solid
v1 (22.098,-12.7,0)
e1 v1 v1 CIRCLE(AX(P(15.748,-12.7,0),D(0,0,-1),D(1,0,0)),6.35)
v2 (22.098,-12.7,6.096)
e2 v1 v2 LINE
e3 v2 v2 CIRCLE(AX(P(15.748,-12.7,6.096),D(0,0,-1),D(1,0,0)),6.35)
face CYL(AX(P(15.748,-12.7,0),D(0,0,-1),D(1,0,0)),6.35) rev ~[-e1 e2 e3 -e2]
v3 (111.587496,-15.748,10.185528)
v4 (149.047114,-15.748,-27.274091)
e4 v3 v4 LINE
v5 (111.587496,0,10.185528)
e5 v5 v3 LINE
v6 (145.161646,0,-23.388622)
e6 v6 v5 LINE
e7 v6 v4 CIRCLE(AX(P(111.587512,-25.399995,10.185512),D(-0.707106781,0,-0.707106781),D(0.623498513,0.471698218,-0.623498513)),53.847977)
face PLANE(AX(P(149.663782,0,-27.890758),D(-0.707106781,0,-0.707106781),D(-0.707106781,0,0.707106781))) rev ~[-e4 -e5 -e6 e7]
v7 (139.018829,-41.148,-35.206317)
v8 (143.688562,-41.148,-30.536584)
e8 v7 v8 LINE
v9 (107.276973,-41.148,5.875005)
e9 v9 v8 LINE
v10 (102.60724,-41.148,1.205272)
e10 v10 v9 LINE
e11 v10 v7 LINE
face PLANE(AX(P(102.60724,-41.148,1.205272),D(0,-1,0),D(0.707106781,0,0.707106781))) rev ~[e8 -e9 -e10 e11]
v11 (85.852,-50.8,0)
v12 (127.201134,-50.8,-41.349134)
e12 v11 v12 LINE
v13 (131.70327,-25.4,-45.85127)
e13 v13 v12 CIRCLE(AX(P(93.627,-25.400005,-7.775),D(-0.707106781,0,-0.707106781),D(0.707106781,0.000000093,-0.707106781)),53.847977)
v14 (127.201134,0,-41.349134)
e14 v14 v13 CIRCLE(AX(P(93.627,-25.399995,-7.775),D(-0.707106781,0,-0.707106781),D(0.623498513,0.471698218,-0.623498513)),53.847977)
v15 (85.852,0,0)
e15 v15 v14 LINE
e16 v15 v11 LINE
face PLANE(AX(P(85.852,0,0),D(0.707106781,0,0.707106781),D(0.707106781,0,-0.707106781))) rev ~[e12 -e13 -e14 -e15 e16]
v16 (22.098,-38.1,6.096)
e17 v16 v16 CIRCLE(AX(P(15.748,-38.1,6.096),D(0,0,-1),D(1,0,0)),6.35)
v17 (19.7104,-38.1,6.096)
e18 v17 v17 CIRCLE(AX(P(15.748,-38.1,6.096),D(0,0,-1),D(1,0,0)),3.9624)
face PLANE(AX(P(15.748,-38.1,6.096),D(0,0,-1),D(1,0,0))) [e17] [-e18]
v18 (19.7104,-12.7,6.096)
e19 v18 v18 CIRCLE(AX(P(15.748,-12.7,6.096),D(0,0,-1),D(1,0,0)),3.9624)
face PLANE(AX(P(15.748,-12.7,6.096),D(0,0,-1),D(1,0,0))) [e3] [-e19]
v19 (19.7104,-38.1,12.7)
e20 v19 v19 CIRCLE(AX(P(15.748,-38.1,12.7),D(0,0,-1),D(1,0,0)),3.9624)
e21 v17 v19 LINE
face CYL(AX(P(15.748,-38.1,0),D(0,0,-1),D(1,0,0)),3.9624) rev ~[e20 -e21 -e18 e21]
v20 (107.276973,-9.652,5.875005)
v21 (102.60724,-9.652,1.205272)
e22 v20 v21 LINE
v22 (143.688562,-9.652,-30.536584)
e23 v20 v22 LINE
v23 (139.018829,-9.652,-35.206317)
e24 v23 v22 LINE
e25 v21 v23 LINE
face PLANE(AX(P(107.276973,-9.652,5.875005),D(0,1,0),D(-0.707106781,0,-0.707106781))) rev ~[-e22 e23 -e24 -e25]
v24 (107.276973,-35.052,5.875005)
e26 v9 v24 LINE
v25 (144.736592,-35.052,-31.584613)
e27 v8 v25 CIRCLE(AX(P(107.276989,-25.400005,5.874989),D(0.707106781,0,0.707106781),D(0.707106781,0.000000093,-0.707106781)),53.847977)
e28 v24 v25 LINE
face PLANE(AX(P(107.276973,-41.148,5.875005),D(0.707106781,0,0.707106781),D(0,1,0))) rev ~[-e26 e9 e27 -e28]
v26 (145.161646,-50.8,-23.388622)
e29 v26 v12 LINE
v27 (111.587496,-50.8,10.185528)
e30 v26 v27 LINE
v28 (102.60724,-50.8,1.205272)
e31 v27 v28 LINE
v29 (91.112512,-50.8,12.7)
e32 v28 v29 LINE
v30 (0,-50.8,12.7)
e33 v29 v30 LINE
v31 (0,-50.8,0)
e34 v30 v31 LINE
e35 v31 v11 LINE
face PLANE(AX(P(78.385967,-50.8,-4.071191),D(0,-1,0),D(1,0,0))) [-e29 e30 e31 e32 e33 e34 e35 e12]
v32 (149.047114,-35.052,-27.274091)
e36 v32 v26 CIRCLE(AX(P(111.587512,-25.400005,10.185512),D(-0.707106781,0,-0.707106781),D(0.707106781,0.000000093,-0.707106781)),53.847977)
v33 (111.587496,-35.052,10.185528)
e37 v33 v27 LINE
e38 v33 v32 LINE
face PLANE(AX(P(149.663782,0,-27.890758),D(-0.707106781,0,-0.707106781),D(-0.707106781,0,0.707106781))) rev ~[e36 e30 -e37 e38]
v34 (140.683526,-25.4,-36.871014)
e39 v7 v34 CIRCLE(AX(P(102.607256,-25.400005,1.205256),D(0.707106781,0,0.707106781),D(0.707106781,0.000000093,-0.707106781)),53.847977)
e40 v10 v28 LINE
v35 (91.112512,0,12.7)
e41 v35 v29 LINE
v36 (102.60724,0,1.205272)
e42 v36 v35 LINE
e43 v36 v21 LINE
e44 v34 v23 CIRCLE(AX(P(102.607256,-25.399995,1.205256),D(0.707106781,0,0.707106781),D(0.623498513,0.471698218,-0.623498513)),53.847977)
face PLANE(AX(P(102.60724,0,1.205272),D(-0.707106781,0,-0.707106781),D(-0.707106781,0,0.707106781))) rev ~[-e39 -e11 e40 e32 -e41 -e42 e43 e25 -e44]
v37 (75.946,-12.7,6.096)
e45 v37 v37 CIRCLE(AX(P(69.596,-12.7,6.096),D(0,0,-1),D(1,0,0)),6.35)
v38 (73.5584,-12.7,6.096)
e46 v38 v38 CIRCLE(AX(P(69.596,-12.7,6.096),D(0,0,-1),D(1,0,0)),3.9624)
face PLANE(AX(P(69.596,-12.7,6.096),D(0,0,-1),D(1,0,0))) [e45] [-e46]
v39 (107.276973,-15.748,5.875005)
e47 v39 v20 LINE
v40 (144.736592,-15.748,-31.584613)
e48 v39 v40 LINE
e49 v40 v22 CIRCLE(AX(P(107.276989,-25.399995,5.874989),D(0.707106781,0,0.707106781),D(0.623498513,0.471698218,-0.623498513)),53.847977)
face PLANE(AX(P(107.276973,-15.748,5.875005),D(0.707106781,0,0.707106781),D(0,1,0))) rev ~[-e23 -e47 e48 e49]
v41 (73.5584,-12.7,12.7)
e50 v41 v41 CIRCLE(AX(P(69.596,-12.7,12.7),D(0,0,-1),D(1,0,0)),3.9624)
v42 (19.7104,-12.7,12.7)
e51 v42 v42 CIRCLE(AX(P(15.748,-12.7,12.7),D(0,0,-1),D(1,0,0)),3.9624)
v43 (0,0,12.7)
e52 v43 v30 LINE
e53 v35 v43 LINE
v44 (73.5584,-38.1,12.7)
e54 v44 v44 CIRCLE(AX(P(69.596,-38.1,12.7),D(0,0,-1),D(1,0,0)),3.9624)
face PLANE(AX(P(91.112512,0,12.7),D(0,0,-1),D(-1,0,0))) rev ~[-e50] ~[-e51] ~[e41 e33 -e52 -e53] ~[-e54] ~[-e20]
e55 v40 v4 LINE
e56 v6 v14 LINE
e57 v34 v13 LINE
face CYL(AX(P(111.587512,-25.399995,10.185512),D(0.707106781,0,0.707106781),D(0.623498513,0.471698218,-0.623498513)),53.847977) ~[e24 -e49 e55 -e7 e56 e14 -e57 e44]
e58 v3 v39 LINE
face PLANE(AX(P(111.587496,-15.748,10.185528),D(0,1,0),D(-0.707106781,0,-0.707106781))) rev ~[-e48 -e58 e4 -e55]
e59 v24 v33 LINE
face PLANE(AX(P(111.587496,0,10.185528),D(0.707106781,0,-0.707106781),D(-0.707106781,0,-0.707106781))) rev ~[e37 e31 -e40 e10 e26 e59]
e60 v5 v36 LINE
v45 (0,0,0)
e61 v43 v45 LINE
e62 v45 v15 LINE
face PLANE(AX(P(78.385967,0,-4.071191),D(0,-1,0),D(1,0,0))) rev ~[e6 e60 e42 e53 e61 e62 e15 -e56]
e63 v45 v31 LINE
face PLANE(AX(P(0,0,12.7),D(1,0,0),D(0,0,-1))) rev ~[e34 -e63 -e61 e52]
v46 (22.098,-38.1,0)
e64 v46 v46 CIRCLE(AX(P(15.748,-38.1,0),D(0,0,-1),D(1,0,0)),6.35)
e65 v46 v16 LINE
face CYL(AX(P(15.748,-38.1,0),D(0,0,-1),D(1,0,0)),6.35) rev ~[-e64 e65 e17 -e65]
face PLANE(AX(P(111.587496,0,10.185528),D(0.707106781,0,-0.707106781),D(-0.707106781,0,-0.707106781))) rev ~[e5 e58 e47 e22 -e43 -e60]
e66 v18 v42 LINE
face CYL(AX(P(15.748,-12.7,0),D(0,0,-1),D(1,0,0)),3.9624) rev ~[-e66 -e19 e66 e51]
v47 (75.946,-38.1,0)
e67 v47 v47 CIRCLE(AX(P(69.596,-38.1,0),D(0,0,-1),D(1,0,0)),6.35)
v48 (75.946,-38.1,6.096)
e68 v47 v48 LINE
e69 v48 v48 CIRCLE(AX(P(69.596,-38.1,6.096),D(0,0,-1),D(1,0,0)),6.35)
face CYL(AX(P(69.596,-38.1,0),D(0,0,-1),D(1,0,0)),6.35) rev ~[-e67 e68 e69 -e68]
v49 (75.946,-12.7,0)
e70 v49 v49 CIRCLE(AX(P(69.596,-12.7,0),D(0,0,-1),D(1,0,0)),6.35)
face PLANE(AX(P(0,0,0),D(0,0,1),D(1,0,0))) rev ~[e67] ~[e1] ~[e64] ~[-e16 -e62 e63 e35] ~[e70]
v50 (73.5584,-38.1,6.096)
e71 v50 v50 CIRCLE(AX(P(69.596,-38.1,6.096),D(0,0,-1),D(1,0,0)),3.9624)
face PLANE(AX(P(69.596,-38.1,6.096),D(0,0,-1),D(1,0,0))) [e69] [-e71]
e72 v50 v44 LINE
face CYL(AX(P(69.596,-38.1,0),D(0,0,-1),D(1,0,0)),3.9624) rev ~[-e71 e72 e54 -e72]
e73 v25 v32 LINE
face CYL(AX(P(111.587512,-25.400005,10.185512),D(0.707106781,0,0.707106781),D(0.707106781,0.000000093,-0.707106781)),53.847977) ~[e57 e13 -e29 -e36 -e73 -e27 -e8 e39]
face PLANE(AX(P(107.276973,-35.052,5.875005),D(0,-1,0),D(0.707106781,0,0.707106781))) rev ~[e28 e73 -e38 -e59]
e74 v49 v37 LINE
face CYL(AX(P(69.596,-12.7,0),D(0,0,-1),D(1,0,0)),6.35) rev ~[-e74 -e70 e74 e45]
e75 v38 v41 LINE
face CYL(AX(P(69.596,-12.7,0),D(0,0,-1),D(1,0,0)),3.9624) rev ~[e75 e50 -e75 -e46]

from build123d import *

# Parameters (mm, degrees)
F1_DEPTH = 50.8
F3_DEPTH = 25.4
F5_DEPTH = 66.549
F6_R     = 3.9624
F7_DEPTH = 12.701
F6_R_2   = 6.35
F8_DEPTH = 6.096


with BuildPart() as f1:
    # F0 (on Front) → F1 (new body)
    with BuildSketch(Plane.XZ):
        Polygon((0, 12.7), (0, 0), (85.852, 0), (131.70327, -45.85127), (149.663782, -27.890758), (111.587496, 10.185528), (102.60724, 1.205272), (91.112512, 12.7), align=None)
    extrude(amount=F1_DEPTH)

    # F2 (on face) → F3 (cut)
    with BuildSketch(Plane(origin=(60.886512, 0, 60.886512), x_dir=(0.707107, 0, -0.707107), z_dir=(0.707107, 0, 0.707107))):
        with BuildLine():
            Line((125.550019, -50.8), (125.550019, -25.4))
            ThreePointArc((125.550019, -25.4), (123.934026, -38.492922), (119.183037, -50.8))
            Line((119.183037, -50.8), (125.550019, -50.8))
        make_face()
        with BuildLine():
            Line((125.550019, -25.4), (125.550019, 0))
            Line((125.550019, 0), (119.183037, 0))
            ThreePointArc((119.183037, 0), (123.934026, -12.307078), (125.550019, -25.4))
        make_face()
    extrude(amount=-F3_DEPTH, mode=Mode.SUBTRACT)

    # F4 (on face) → F5 (cut, through all)
    with BuildSketch(Plane(origin=(50.700984, 0, -50.700984), x_dir=(0, -1, 0), z_dir=(-0.707107, 0, 0.707107))):
        Polygon((41.148, 80.010531), (35.052, 80.010531), (35.052, 86.106531), (15.748, 86.106531), (15.748, 80.010531), (9.652, 80.010531), (9.652, 73.406531), (41.148, 73.406531), align=None)
    extrude(amount=-F5_DEPTH, mode=Mode.SUBTRACT)

    # F6 (on face) → F7 (cut, through all)
    with BuildSketch(Plane(origin=(0, 0, 0), x_dir=(1, 0, 0), z_dir=(0, 0, -1))):
        with Locations((15.748, 12.7)):
            Circle(F6_R)
        with Locations((15.748, 38.1)):
            Circle(F6_R)
        with Locations((69.596, 38.1)):
            Circle(F6_R)
        with Locations((69.596, 12.7)):
            Circle(F6_R)
    extrude(amount=-F7_DEPTH, mode=Mode.SUBTRACT)

    # F6 (on face) → F8 (cut)
    with BuildSketch(Plane(origin=(0, 0, 0), x_dir=(1, 0, 0), z_dir=(0, 0, -1))):
        with Locations((15.748, 12.7)):
            Circle(F6_R_2)
        with Locations((15.748, 12.7)):
            Circle(F6_R, mode=Mode.SUBTRACT)
        with Locations((15.748, 38.1)):
            Circle(F6_R_2)
        with Locations((15.748, 38.1)):
            Circle(F6_R, mode=Mode.SUBTRACT)
        with Locations((69.596, 12.7)):
            Circle(F6_R_2)
        with Locations((69.596, 12.7)):
            Circle(F6_R, mode=Mode.SUBTRACT)
        with Locations((69.596, 38.1)):
            Circle(F6_R_2)
        with Locations((69.596, 38.1)):
            Circle(F6_R, mode=Mode.SUBTRACT)
    extrude(amount=-F8_DEPTH, mode=Mode.SUBTRACT)


solid = f1.part
